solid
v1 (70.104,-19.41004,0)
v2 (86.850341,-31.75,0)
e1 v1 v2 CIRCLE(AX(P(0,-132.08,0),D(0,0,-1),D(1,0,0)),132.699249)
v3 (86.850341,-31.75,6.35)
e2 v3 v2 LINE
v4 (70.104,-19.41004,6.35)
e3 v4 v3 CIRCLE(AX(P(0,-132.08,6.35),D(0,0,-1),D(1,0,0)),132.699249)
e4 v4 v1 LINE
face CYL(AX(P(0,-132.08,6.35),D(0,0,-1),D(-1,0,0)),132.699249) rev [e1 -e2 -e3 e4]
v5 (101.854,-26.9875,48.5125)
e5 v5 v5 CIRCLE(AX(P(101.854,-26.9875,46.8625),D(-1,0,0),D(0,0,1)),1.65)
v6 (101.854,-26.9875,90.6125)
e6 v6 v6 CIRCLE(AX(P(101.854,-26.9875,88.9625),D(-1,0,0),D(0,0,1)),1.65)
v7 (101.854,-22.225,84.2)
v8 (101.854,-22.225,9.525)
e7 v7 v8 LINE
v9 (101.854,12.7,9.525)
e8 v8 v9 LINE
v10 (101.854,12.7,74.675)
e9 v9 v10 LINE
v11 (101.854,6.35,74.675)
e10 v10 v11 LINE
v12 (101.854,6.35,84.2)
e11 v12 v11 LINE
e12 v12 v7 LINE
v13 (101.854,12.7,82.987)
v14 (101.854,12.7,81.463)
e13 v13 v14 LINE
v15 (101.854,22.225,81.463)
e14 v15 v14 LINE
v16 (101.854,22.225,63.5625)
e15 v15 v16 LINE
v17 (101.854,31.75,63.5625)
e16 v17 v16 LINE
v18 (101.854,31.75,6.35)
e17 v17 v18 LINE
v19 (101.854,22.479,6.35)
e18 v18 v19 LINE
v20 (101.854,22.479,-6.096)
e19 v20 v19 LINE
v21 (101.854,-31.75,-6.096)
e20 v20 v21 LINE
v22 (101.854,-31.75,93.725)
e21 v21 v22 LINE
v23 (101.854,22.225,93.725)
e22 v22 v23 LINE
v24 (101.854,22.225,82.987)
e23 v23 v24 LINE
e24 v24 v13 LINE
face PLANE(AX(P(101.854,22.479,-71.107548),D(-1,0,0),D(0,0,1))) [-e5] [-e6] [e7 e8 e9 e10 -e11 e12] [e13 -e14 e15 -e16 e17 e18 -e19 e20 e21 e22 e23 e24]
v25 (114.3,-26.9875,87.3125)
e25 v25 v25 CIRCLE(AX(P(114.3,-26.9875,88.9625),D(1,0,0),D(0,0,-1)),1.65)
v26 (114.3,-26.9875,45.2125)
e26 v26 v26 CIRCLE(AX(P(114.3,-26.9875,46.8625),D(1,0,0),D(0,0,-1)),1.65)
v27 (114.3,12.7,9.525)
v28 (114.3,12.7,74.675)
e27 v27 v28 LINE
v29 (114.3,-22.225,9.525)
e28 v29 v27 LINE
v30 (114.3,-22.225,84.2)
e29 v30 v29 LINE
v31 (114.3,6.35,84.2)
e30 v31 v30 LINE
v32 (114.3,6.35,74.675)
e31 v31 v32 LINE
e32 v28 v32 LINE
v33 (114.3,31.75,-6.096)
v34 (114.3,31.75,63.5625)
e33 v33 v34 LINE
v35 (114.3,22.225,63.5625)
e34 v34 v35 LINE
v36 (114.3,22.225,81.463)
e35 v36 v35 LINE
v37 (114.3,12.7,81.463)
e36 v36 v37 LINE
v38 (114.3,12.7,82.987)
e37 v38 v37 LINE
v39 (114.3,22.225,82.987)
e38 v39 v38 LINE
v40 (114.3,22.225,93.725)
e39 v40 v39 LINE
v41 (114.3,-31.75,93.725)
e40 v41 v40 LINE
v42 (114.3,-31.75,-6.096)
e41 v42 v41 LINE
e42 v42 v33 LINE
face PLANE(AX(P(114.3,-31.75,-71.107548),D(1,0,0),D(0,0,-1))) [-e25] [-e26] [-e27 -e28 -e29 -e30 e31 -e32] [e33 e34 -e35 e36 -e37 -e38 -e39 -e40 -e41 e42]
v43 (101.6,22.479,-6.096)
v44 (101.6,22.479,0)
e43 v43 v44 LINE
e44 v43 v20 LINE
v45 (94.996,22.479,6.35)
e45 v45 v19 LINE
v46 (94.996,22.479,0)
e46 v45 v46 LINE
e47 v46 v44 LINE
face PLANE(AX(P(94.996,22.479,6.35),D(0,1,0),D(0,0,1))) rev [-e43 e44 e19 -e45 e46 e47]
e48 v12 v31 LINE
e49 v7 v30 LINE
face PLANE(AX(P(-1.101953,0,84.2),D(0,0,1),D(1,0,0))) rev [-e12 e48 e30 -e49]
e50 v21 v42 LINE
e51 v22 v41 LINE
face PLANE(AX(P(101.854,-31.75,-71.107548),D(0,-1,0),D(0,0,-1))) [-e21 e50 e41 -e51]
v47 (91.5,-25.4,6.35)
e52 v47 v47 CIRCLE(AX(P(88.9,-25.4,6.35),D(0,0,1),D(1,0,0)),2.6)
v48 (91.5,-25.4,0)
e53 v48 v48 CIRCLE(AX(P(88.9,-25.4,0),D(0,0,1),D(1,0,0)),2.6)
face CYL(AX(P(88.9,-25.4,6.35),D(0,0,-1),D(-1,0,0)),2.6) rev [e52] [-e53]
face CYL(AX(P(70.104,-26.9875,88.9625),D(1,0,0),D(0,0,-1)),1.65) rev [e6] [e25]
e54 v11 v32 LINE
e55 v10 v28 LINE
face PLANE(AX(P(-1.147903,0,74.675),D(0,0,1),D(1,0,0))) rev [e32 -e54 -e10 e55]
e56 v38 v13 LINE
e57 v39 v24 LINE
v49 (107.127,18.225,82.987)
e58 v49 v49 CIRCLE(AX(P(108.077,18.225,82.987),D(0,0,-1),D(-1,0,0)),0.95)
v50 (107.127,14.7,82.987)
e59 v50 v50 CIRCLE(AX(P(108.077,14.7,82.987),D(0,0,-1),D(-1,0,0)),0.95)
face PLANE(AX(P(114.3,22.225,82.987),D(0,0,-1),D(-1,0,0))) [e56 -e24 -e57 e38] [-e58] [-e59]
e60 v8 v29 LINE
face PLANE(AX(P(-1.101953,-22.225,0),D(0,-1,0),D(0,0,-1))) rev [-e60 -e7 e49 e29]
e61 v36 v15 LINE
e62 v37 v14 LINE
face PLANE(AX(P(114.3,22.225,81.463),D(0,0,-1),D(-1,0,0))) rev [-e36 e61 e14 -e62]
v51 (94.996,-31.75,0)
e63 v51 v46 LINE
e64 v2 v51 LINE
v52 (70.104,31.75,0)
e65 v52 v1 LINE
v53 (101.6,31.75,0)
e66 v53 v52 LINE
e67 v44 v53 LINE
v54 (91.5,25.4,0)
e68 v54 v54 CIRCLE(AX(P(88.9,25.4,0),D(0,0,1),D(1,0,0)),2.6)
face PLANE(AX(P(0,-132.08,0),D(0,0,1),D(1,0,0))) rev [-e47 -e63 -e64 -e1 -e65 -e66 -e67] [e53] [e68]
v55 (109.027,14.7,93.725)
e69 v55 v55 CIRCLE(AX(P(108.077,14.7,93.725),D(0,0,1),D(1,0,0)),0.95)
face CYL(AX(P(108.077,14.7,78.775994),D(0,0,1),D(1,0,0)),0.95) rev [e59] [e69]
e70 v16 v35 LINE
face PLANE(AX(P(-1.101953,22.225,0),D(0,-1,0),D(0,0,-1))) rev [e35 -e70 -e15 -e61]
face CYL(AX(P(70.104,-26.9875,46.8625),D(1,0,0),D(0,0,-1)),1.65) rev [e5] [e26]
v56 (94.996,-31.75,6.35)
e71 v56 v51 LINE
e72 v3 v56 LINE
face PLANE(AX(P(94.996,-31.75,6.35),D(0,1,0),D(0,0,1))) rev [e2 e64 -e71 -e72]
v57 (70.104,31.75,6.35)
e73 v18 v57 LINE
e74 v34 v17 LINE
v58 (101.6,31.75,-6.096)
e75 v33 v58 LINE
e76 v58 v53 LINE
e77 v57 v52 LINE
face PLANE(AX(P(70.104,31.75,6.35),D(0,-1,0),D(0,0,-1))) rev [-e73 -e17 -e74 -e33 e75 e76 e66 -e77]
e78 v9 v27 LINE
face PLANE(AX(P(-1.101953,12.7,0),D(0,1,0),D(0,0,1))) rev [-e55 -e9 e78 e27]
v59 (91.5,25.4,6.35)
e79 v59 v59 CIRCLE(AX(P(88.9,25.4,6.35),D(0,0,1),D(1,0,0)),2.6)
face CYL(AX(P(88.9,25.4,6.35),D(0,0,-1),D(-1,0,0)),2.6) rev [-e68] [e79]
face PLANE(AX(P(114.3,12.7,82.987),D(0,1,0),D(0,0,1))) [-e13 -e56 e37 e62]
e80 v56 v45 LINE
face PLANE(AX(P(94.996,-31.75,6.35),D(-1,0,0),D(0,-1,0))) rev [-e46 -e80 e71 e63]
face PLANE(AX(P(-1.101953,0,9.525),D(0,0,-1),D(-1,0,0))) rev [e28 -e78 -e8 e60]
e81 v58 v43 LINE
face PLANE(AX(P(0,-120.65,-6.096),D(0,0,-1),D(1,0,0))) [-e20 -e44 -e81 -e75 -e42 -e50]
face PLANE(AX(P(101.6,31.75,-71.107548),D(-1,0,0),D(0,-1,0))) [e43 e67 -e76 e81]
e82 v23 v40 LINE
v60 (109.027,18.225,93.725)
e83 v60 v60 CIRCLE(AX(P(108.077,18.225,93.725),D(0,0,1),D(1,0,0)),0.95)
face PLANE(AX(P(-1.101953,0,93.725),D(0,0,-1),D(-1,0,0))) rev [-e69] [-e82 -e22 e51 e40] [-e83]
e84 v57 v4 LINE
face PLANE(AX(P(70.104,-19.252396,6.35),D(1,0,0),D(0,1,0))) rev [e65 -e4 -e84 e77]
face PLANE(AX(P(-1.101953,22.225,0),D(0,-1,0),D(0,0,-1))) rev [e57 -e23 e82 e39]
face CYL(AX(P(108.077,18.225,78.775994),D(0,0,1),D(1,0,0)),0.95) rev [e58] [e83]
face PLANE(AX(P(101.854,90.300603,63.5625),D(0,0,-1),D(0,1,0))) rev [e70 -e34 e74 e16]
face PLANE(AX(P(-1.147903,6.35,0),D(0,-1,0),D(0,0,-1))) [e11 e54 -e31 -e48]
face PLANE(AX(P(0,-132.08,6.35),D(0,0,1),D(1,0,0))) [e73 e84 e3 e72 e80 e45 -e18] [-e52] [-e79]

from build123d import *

# Parameters (mm, degrees)
SKETCH1_R                    = 2.600000007
BOSS_EXTRUDE1_DEPTH          = 6.35
BOSS_EXTRUDE2_DEPTH          = 12.446
SKETCH3_W                    = 74.675000002
SKETCH3_H                    = 34.925
BOSS_EXTRUDE4_DEPTH          = 12.446
SKETCH6_W                    = 12.446
SKETCH6_H                    = 57.212500002
BOSS_EXTRUDE5_DEPTH          = 9.525
SKETCH7_R                    = 1.650000002
CUT_EXTRUDE2_DEPTH           = 1
CUT_EXTRUDE2_DEPTH_BACK      = 45.196
SKETCH8_W                    = 9.525
SKETCH8_H                    = 6.35
BOSS_EXTRUDE6_DEPTH          = 12.446
SKETCH9_W                    = 1.524
SKETCH9_H                    = 9.525
CUT_EXTRUDE_THIN1_DEPTH      = 32.75
CUT_EXTRUDE_THIN1_DEPTH_BACK = 13.446
SKETCH10_R                   = 0.950000005
CUT_EXTRUDE3_DEPTH           = 12.262


with BuildPart() as part:
    # Sketch1 → Boss-Extrude1 (new body)
    with BuildSketch(Plane.XY):
        with BuildLine():
            Line((94.996, -31.75), (86.850341212, -31.75))
            ThreePointArc((86.850341212, -31.75), (78.719342976, -25.251372236), (70.104, -19.41004015))
            Line((70.104, -19.41004015), (70.104, -19.252396247))
            Line((70.104, -19.252396247), (70.104, 22.225))
            Line((70.104, 22.225), (70.104, 31.75))
            Line((70.104, 31.75), (101.6, 31.75))
            Line((101.6, 31.75), (101.6, 22.479))
            Line((101.6, 22.479), (94.996, 22.479))
            Line((94.996, 22.479), (94.996, -31.75))
        make_face()
        with Locations((88.9, -25.4)):
            Circle(SKETCH1_R, mode=Mode.SUBTRACT)
        with Locations((88.9, 25.4)):
            Circle(SKETCH1_R, mode=Mode.SUBTRACT)
    extrude(amount=BOSS_EXTRUDE1_DEPTH)

    # Sketch2 → Boss-Extrude2 (add)
    with BuildSketch(Plane.XY.offset(6.35)):
        Polygon((101.6, 22.479), (101.854, 22.479), (101.854, -31.75), (114.3, -31.75), (114.3, 31.75), (101.6, 31.75), align=None)
    extrude(amount=-BOSS_EXTRUDE2_DEPTH)

    # Sketch3 → Boss-Extrude4 (add)
    with BuildSketch(Plane(origin=(114.3, 0, 0), x_dir=(0, 0, -1), z_dir=(1, 0, 0))):
        Polygon((-6.35, -31.75), (-6.35, 22.225), (-87.375000002, 22.225), (-93.725000002, 22.225), (-93.725000002, -31.75), align=None)
        with Locations((-46.862500001, -4.7625)):
            Rectangle(SKETCH3_W, SKETCH3_H, mode=Mode.SUBTRACT)
    extrude(amount=-BOSS_EXTRUDE4_DEPTH)

    # Sketch6 → Boss-Extrude5 (add)
    with BuildSketch(Plane(origin=(0, 22.225, 0), x_dir=(1, 0, 0), z_dir=(0, 1, 0))):
        with Locations((108.077, -34.956250001)):
            Rectangle(SKETCH6_W, SKETCH6_H)
    extrude(amount=BOSS_EXTRUDE5_DEPTH)

    # Sketch7 → Cut-Extrude2 (cut, two sides)
    with BuildSketch(Plane(origin=(114.3, 0, 0), x_dir=(0, 0, -1), z_dir=(1, 0, 0))) as cut_extrude2_sk:
        with Locations((-88.962500002, -26.9875)):
            Circle(SKETCH7_R)
        with Locations((-46.862500001, -26.9875)):
            Circle(SKETCH7_R)
    extrude(amount=CUT_EXTRUDE2_DEPTH, mode=Mode.SUBTRACT)
    extrude(cut_extrude2_sk.sketch, amount=-CUT_EXTRUDE2_DEPTH_BACK, mode=Mode.SUBTRACT)

    # Sketch8 → Boss-Extrude6 (add)
    with BuildSketch(Plane(origin=(114.3, 0, 0), x_dir=(0, 0, -1), z_dir=(1, 0, 0))):
        with Locations((-79.437500002, 9.525)):
            Rectangle(SKETCH8_W, SKETCH8_H)
    extrude(amount=-BOSS_EXTRUDE6_DEPTH)

    # Sketch9 → Cut-Extrude-Thin1 (cut, two sides)
    with BuildSketch(Plane.ZY.offset(-101.854)) as cut_extrude_thin1_sk:
        with Locations((82.225000002, 17.4625)):
            Rectangle(SKETCH9_W, SKETCH9_H)
    extrude(amount=CUT_EXTRUDE_THIN1_DEPTH, mode=Mode.SUBTRACT)
    extrude(cut_extrude_thin1_sk.sketch, amount=-CUT_EXTRUDE_THIN1_DEPTH_BACK, mode=Mode.SUBTRACT)

    # Sketch10 → Cut-Extrude3 (cut)
    with BuildSketch(Plane.XY.offset(93.725000002)):
        with Locations((108.077, 14.700000064)):
            Circle(SKETCH10_R)
        with Locations((108.077, 18.224999872)):
            Circle(SKETCH10_R)
    extrude(amount=-CUT_EXTRUDE3_DEPTH, mode=Mode.SUBTRACT)


solid = part.part
